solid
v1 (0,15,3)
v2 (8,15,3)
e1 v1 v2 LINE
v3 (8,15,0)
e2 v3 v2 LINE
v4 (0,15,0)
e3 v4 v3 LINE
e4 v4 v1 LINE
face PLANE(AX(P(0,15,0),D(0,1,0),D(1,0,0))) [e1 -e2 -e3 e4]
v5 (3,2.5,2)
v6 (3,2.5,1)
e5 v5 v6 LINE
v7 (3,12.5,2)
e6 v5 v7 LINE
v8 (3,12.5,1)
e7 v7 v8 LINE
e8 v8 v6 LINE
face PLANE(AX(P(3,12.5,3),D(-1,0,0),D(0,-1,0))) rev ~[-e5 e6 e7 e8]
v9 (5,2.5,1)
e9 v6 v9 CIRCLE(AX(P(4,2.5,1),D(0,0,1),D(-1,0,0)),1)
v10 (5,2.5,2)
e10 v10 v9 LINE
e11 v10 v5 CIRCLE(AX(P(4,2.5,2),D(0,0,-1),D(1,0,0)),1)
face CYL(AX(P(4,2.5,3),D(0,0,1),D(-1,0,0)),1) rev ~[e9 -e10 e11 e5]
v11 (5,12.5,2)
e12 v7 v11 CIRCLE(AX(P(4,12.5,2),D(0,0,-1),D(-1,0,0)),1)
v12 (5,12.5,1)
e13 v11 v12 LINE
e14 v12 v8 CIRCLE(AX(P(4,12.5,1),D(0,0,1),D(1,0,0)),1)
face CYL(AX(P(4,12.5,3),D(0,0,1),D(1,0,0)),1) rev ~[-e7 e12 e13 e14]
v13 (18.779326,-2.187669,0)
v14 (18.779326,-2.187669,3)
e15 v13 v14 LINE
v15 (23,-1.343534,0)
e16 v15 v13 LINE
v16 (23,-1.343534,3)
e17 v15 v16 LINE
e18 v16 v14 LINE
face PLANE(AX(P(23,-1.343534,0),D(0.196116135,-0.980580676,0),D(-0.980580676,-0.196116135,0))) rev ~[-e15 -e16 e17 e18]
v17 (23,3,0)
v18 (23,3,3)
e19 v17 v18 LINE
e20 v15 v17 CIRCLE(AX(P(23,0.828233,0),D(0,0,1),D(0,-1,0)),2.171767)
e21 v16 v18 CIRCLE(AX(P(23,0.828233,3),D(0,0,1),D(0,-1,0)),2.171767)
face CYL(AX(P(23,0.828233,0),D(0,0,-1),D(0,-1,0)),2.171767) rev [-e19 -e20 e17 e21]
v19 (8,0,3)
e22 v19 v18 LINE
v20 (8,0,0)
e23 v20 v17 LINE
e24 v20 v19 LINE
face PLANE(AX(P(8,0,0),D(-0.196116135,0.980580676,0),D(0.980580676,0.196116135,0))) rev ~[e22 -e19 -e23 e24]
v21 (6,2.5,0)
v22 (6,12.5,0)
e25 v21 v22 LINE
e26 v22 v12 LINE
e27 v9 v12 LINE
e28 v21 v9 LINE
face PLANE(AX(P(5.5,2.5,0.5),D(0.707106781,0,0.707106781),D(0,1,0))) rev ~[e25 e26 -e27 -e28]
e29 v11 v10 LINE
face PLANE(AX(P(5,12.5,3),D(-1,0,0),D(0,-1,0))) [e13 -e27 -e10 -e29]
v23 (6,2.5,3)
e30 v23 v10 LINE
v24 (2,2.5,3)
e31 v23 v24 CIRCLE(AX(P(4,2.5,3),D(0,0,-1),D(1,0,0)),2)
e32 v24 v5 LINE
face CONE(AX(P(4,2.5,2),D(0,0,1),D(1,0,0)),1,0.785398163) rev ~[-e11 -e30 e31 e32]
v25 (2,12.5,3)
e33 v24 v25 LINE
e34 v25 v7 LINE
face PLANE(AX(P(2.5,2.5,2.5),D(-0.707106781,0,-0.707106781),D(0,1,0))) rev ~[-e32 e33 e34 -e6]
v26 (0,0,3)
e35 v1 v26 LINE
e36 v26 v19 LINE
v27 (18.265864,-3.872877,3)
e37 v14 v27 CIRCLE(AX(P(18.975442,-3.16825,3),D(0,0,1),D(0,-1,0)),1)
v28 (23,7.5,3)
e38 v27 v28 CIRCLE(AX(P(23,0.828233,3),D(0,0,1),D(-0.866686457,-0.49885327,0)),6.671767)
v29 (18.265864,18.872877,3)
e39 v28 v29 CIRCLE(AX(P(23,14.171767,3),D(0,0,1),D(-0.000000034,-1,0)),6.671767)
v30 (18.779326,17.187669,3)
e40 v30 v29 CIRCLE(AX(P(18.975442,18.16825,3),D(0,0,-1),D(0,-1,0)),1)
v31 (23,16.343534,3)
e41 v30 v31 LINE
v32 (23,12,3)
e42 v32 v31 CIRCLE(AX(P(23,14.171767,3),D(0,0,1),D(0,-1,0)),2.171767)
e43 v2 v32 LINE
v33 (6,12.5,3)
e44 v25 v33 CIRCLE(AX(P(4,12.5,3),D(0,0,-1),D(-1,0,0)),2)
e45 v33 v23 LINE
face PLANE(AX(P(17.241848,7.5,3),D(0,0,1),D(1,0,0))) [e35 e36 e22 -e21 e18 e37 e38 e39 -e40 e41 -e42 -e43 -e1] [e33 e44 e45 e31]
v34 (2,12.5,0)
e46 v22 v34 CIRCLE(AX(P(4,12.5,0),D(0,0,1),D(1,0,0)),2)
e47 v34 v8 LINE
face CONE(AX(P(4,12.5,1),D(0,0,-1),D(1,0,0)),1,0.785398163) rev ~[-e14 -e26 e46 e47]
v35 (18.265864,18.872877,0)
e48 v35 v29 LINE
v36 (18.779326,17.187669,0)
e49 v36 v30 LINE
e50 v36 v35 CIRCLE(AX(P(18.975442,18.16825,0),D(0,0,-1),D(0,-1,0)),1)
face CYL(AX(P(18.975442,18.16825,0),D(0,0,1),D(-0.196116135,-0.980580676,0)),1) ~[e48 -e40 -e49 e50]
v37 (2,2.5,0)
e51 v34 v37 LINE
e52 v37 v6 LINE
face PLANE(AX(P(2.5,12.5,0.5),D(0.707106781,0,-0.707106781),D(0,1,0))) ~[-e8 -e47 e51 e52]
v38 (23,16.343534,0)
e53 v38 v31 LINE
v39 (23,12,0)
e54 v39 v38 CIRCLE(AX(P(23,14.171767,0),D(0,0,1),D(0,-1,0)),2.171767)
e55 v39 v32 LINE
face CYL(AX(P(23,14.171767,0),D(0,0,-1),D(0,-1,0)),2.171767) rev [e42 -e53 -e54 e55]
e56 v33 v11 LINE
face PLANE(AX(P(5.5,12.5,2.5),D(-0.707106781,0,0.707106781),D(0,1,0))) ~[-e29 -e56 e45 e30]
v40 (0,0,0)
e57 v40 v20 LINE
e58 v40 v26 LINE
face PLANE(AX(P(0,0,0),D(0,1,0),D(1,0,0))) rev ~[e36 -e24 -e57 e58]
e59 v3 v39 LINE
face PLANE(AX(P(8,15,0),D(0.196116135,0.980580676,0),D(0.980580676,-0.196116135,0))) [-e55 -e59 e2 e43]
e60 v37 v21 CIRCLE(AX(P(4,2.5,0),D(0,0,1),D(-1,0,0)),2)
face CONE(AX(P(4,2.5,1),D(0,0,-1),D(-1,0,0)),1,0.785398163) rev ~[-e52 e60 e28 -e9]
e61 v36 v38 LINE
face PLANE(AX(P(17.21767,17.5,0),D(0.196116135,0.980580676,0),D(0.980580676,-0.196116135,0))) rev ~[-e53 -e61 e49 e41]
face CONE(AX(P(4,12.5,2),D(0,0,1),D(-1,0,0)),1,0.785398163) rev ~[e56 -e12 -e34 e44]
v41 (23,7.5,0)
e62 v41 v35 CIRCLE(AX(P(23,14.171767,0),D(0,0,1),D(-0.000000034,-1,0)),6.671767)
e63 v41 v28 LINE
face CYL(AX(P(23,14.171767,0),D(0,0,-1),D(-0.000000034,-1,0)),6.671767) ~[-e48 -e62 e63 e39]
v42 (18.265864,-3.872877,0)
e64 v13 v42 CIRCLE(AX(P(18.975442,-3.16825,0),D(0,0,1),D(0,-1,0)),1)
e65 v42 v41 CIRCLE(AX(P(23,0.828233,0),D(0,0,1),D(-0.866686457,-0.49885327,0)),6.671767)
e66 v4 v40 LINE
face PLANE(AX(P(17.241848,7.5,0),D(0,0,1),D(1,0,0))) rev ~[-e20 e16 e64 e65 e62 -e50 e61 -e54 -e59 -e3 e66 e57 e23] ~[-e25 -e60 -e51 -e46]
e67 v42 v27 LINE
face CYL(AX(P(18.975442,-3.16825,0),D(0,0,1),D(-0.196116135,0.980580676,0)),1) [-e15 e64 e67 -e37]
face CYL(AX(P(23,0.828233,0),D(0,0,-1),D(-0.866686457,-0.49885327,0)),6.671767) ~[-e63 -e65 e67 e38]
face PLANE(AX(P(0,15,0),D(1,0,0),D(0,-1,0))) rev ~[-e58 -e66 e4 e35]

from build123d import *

# Parameters (mm, degrees)
PAD_DEPTH    = 3
POCKET_DEPTH = 5
CHAMFER_SIZE = 1
FILLET_R     = 1


with BuildPart() as part:
    # Sketch → Pad (new body)
    with BuildSketch(Plane.XY):
        with BuildLine():
            Line((0, 15), (0, 0))
            Line((0, 0), (8, 0))
            Line((8, 0), (23, 3))
            ThreePointArc((23, -1.343534), (25.171767, 0.828233), (23, 3))
            Line((23, -1.343534), (17.21767, -2.5))
            ThreePointArc((17.21767, -2.5), (28.775711, -2.511474), (23, 7.5))
            ThreePointArc((23, 7.5), (28.775711, 17.511474), (17.21767, 17.5))
            Line((17.21767, 17.5), (23, 16.343534))
            ThreePointArc((23, 12), (25.171767, 14.171767), (23, 16.343534))
            Line((8, 15), (23, 12))
            Line((0, 15), (8, 15))
        make_face()
    extrude(amount=PAD_DEPTH)

    # Sketch001 (on Face13 of Pad) → Pocket (cut)
    with BuildSketch(Plane.XY.offset(3)):
        with BuildLine():
            ThreePointArc((5, 12.5), (4, 13.5), (3, 12.5))
            Line((3, 12.5), (3, 2.5))
            ThreePointArc((3, 2.5), (4, 1.5), (5, 2.5))
            Line((5, 12.5), (5, 2.5))
        make_face()
    extrude(amount=-POCKET_DEPTH, mode=Mode.SUBTRACT)

    # Chamfer
    chamfer_edges = [part.edges().sort_by_distance(p)[0] for p in [
        (3, 7.5, 0),
        (5, 7.5, 3),
    ]]
    chamfer(chamfer_edges, length=CHAMFER_SIZE)

    # Fillet
    fillet_edges = [part.edges().sort_by_distance(p)[0] for p in [
        (17.21767, -2.5, 1.5),
        (17.21767, 17.5, 1.5),
    ]]
    fillet(fillet_edges, radius=FILLET_R)


solid = part.part
